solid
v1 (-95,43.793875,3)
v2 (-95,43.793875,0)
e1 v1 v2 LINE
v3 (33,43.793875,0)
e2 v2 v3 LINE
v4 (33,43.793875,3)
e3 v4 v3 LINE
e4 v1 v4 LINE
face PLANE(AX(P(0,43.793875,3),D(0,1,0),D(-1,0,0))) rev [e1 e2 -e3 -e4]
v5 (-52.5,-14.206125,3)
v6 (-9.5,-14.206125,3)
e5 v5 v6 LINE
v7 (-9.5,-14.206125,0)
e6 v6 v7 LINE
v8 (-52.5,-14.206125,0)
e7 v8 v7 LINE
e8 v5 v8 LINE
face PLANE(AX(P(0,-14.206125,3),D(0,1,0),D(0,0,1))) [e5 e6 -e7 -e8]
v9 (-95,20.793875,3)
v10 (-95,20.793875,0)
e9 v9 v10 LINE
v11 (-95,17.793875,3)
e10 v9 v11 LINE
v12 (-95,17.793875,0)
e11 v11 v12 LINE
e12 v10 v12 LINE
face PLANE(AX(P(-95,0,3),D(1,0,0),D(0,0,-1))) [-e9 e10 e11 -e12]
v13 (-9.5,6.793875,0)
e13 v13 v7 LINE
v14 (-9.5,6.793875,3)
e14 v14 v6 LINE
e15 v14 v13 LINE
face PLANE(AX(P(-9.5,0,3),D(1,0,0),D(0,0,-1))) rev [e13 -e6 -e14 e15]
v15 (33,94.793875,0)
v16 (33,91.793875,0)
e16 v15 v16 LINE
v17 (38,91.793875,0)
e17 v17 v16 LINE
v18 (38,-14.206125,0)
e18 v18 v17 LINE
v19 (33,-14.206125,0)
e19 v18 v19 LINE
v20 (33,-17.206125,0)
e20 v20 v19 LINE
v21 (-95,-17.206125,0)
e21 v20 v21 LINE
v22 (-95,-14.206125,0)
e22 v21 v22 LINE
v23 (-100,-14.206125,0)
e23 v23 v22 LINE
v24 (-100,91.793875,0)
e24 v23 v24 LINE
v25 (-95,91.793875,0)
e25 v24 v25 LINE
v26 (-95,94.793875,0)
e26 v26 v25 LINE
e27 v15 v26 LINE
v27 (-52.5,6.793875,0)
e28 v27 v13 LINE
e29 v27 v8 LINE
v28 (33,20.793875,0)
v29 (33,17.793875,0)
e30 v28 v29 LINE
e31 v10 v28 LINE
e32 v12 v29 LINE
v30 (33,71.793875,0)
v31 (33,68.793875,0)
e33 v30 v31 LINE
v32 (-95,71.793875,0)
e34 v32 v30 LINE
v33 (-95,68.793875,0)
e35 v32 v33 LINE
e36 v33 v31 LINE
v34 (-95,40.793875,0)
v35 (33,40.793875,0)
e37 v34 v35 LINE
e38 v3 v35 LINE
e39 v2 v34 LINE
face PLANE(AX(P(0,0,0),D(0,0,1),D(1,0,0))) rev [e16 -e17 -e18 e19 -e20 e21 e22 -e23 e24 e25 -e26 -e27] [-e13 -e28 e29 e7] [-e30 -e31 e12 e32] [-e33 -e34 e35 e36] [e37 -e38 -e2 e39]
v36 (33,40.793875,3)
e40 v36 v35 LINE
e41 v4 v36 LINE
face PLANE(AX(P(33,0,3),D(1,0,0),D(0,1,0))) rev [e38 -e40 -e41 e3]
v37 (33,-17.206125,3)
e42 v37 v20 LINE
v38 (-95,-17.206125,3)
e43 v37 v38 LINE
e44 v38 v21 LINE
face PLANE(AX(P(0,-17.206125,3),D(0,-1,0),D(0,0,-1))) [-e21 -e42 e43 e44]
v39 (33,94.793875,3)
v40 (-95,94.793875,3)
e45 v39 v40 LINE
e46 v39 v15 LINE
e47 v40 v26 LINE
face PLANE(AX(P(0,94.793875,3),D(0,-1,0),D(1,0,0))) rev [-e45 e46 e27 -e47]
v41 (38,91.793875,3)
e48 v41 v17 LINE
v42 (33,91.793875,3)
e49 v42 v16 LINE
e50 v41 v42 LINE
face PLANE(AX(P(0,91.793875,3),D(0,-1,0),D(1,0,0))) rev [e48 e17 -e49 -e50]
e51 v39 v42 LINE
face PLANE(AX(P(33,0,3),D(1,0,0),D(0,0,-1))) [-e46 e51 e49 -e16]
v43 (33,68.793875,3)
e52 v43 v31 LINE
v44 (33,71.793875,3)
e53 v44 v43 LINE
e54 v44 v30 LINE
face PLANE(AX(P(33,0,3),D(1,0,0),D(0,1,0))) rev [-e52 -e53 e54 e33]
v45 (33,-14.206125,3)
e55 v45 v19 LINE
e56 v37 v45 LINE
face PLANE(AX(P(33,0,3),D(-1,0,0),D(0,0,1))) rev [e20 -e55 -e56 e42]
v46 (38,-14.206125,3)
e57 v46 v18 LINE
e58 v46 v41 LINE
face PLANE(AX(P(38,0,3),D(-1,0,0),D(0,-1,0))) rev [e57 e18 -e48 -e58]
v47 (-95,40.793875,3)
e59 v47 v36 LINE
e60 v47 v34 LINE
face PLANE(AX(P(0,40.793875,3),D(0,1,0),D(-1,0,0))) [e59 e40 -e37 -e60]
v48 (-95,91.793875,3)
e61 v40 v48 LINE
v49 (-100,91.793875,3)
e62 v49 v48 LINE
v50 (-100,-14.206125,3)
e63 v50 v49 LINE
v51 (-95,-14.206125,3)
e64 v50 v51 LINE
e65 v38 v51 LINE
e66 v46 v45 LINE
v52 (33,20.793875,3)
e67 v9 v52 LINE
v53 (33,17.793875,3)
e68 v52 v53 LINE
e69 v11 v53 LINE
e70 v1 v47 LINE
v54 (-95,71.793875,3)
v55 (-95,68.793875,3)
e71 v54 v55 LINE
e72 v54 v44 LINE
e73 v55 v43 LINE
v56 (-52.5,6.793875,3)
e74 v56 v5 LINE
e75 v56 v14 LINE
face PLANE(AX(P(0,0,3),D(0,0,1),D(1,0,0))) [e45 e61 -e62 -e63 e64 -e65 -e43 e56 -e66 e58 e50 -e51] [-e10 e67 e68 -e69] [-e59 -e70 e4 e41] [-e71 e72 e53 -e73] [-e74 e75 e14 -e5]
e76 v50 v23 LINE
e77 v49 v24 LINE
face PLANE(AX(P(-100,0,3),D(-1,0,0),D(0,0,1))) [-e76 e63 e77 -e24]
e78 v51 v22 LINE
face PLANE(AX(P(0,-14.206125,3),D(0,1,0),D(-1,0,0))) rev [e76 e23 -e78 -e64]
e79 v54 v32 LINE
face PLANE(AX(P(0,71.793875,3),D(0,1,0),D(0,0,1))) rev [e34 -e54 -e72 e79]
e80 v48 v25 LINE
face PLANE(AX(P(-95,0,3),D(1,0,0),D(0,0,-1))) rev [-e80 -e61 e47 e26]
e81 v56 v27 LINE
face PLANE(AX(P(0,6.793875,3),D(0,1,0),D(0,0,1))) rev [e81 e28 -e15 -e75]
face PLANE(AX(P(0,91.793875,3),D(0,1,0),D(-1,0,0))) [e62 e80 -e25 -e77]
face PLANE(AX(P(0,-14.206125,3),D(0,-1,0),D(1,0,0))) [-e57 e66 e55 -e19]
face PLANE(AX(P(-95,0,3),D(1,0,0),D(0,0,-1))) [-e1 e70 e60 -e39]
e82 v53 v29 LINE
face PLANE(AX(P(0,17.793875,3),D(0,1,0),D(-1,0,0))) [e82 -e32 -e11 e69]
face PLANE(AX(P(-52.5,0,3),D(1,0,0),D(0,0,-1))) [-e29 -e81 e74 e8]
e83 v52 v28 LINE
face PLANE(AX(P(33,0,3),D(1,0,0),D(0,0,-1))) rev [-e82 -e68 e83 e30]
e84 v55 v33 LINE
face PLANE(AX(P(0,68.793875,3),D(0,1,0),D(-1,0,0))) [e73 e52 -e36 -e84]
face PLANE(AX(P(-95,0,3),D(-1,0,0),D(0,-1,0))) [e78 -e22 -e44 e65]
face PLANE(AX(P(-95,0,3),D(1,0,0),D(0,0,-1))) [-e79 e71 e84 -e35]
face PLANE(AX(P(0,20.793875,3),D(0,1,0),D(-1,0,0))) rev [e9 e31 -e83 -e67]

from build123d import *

# Parameters (mm, degrees)
SKETCH1_W           = 43
SKETCH1_H           = 21
SKETCH1_W_2         = 128
SKETCH1_H_2         = 3
BOSS_EXTRUDE2_DEPTH = 3


with BuildPart() as part:
    # Sketch1 → Boss-Extrude2 (new body)
    with BuildSketch(Plane.XY):
        Polygon((-95, -17.206125284), (33, -17.206125284), (33, -14.206125284), (38, -14.206125284), (38, 91.793874716), (33, 91.793874716), (33, 94.793874716), (-95, 94.793874716), (-95, 91.793874716), (-100, 91.793874716), (-100, -14.206125284), (-95, -14.206125284), align=None)
        with Locations((-31, -3.706125284)):
            Rectangle(SKETCH1_W, SKETCH1_H, mode=Mode.SUBTRACT)
        with Locations((-31, 19.293874716)):
            Rectangle(SKETCH1_W_2, SKETCH1_H_2, mode=Mode.SUBTRACT)
        with Locations((-31, 42.293874716)):
            Rectangle(SKETCH1_W_2, SKETCH1_H_2, mode=Mode.SUBTRACT)
        with Locations((-31, 70.293874716)):
            Rectangle(SKETCH1_W_2, SKETCH1_H_2, mode=Mode.SUBTRACT)
    extrude(amount=BOSS_EXTRUDE2_DEPTH)


solid = part.part
